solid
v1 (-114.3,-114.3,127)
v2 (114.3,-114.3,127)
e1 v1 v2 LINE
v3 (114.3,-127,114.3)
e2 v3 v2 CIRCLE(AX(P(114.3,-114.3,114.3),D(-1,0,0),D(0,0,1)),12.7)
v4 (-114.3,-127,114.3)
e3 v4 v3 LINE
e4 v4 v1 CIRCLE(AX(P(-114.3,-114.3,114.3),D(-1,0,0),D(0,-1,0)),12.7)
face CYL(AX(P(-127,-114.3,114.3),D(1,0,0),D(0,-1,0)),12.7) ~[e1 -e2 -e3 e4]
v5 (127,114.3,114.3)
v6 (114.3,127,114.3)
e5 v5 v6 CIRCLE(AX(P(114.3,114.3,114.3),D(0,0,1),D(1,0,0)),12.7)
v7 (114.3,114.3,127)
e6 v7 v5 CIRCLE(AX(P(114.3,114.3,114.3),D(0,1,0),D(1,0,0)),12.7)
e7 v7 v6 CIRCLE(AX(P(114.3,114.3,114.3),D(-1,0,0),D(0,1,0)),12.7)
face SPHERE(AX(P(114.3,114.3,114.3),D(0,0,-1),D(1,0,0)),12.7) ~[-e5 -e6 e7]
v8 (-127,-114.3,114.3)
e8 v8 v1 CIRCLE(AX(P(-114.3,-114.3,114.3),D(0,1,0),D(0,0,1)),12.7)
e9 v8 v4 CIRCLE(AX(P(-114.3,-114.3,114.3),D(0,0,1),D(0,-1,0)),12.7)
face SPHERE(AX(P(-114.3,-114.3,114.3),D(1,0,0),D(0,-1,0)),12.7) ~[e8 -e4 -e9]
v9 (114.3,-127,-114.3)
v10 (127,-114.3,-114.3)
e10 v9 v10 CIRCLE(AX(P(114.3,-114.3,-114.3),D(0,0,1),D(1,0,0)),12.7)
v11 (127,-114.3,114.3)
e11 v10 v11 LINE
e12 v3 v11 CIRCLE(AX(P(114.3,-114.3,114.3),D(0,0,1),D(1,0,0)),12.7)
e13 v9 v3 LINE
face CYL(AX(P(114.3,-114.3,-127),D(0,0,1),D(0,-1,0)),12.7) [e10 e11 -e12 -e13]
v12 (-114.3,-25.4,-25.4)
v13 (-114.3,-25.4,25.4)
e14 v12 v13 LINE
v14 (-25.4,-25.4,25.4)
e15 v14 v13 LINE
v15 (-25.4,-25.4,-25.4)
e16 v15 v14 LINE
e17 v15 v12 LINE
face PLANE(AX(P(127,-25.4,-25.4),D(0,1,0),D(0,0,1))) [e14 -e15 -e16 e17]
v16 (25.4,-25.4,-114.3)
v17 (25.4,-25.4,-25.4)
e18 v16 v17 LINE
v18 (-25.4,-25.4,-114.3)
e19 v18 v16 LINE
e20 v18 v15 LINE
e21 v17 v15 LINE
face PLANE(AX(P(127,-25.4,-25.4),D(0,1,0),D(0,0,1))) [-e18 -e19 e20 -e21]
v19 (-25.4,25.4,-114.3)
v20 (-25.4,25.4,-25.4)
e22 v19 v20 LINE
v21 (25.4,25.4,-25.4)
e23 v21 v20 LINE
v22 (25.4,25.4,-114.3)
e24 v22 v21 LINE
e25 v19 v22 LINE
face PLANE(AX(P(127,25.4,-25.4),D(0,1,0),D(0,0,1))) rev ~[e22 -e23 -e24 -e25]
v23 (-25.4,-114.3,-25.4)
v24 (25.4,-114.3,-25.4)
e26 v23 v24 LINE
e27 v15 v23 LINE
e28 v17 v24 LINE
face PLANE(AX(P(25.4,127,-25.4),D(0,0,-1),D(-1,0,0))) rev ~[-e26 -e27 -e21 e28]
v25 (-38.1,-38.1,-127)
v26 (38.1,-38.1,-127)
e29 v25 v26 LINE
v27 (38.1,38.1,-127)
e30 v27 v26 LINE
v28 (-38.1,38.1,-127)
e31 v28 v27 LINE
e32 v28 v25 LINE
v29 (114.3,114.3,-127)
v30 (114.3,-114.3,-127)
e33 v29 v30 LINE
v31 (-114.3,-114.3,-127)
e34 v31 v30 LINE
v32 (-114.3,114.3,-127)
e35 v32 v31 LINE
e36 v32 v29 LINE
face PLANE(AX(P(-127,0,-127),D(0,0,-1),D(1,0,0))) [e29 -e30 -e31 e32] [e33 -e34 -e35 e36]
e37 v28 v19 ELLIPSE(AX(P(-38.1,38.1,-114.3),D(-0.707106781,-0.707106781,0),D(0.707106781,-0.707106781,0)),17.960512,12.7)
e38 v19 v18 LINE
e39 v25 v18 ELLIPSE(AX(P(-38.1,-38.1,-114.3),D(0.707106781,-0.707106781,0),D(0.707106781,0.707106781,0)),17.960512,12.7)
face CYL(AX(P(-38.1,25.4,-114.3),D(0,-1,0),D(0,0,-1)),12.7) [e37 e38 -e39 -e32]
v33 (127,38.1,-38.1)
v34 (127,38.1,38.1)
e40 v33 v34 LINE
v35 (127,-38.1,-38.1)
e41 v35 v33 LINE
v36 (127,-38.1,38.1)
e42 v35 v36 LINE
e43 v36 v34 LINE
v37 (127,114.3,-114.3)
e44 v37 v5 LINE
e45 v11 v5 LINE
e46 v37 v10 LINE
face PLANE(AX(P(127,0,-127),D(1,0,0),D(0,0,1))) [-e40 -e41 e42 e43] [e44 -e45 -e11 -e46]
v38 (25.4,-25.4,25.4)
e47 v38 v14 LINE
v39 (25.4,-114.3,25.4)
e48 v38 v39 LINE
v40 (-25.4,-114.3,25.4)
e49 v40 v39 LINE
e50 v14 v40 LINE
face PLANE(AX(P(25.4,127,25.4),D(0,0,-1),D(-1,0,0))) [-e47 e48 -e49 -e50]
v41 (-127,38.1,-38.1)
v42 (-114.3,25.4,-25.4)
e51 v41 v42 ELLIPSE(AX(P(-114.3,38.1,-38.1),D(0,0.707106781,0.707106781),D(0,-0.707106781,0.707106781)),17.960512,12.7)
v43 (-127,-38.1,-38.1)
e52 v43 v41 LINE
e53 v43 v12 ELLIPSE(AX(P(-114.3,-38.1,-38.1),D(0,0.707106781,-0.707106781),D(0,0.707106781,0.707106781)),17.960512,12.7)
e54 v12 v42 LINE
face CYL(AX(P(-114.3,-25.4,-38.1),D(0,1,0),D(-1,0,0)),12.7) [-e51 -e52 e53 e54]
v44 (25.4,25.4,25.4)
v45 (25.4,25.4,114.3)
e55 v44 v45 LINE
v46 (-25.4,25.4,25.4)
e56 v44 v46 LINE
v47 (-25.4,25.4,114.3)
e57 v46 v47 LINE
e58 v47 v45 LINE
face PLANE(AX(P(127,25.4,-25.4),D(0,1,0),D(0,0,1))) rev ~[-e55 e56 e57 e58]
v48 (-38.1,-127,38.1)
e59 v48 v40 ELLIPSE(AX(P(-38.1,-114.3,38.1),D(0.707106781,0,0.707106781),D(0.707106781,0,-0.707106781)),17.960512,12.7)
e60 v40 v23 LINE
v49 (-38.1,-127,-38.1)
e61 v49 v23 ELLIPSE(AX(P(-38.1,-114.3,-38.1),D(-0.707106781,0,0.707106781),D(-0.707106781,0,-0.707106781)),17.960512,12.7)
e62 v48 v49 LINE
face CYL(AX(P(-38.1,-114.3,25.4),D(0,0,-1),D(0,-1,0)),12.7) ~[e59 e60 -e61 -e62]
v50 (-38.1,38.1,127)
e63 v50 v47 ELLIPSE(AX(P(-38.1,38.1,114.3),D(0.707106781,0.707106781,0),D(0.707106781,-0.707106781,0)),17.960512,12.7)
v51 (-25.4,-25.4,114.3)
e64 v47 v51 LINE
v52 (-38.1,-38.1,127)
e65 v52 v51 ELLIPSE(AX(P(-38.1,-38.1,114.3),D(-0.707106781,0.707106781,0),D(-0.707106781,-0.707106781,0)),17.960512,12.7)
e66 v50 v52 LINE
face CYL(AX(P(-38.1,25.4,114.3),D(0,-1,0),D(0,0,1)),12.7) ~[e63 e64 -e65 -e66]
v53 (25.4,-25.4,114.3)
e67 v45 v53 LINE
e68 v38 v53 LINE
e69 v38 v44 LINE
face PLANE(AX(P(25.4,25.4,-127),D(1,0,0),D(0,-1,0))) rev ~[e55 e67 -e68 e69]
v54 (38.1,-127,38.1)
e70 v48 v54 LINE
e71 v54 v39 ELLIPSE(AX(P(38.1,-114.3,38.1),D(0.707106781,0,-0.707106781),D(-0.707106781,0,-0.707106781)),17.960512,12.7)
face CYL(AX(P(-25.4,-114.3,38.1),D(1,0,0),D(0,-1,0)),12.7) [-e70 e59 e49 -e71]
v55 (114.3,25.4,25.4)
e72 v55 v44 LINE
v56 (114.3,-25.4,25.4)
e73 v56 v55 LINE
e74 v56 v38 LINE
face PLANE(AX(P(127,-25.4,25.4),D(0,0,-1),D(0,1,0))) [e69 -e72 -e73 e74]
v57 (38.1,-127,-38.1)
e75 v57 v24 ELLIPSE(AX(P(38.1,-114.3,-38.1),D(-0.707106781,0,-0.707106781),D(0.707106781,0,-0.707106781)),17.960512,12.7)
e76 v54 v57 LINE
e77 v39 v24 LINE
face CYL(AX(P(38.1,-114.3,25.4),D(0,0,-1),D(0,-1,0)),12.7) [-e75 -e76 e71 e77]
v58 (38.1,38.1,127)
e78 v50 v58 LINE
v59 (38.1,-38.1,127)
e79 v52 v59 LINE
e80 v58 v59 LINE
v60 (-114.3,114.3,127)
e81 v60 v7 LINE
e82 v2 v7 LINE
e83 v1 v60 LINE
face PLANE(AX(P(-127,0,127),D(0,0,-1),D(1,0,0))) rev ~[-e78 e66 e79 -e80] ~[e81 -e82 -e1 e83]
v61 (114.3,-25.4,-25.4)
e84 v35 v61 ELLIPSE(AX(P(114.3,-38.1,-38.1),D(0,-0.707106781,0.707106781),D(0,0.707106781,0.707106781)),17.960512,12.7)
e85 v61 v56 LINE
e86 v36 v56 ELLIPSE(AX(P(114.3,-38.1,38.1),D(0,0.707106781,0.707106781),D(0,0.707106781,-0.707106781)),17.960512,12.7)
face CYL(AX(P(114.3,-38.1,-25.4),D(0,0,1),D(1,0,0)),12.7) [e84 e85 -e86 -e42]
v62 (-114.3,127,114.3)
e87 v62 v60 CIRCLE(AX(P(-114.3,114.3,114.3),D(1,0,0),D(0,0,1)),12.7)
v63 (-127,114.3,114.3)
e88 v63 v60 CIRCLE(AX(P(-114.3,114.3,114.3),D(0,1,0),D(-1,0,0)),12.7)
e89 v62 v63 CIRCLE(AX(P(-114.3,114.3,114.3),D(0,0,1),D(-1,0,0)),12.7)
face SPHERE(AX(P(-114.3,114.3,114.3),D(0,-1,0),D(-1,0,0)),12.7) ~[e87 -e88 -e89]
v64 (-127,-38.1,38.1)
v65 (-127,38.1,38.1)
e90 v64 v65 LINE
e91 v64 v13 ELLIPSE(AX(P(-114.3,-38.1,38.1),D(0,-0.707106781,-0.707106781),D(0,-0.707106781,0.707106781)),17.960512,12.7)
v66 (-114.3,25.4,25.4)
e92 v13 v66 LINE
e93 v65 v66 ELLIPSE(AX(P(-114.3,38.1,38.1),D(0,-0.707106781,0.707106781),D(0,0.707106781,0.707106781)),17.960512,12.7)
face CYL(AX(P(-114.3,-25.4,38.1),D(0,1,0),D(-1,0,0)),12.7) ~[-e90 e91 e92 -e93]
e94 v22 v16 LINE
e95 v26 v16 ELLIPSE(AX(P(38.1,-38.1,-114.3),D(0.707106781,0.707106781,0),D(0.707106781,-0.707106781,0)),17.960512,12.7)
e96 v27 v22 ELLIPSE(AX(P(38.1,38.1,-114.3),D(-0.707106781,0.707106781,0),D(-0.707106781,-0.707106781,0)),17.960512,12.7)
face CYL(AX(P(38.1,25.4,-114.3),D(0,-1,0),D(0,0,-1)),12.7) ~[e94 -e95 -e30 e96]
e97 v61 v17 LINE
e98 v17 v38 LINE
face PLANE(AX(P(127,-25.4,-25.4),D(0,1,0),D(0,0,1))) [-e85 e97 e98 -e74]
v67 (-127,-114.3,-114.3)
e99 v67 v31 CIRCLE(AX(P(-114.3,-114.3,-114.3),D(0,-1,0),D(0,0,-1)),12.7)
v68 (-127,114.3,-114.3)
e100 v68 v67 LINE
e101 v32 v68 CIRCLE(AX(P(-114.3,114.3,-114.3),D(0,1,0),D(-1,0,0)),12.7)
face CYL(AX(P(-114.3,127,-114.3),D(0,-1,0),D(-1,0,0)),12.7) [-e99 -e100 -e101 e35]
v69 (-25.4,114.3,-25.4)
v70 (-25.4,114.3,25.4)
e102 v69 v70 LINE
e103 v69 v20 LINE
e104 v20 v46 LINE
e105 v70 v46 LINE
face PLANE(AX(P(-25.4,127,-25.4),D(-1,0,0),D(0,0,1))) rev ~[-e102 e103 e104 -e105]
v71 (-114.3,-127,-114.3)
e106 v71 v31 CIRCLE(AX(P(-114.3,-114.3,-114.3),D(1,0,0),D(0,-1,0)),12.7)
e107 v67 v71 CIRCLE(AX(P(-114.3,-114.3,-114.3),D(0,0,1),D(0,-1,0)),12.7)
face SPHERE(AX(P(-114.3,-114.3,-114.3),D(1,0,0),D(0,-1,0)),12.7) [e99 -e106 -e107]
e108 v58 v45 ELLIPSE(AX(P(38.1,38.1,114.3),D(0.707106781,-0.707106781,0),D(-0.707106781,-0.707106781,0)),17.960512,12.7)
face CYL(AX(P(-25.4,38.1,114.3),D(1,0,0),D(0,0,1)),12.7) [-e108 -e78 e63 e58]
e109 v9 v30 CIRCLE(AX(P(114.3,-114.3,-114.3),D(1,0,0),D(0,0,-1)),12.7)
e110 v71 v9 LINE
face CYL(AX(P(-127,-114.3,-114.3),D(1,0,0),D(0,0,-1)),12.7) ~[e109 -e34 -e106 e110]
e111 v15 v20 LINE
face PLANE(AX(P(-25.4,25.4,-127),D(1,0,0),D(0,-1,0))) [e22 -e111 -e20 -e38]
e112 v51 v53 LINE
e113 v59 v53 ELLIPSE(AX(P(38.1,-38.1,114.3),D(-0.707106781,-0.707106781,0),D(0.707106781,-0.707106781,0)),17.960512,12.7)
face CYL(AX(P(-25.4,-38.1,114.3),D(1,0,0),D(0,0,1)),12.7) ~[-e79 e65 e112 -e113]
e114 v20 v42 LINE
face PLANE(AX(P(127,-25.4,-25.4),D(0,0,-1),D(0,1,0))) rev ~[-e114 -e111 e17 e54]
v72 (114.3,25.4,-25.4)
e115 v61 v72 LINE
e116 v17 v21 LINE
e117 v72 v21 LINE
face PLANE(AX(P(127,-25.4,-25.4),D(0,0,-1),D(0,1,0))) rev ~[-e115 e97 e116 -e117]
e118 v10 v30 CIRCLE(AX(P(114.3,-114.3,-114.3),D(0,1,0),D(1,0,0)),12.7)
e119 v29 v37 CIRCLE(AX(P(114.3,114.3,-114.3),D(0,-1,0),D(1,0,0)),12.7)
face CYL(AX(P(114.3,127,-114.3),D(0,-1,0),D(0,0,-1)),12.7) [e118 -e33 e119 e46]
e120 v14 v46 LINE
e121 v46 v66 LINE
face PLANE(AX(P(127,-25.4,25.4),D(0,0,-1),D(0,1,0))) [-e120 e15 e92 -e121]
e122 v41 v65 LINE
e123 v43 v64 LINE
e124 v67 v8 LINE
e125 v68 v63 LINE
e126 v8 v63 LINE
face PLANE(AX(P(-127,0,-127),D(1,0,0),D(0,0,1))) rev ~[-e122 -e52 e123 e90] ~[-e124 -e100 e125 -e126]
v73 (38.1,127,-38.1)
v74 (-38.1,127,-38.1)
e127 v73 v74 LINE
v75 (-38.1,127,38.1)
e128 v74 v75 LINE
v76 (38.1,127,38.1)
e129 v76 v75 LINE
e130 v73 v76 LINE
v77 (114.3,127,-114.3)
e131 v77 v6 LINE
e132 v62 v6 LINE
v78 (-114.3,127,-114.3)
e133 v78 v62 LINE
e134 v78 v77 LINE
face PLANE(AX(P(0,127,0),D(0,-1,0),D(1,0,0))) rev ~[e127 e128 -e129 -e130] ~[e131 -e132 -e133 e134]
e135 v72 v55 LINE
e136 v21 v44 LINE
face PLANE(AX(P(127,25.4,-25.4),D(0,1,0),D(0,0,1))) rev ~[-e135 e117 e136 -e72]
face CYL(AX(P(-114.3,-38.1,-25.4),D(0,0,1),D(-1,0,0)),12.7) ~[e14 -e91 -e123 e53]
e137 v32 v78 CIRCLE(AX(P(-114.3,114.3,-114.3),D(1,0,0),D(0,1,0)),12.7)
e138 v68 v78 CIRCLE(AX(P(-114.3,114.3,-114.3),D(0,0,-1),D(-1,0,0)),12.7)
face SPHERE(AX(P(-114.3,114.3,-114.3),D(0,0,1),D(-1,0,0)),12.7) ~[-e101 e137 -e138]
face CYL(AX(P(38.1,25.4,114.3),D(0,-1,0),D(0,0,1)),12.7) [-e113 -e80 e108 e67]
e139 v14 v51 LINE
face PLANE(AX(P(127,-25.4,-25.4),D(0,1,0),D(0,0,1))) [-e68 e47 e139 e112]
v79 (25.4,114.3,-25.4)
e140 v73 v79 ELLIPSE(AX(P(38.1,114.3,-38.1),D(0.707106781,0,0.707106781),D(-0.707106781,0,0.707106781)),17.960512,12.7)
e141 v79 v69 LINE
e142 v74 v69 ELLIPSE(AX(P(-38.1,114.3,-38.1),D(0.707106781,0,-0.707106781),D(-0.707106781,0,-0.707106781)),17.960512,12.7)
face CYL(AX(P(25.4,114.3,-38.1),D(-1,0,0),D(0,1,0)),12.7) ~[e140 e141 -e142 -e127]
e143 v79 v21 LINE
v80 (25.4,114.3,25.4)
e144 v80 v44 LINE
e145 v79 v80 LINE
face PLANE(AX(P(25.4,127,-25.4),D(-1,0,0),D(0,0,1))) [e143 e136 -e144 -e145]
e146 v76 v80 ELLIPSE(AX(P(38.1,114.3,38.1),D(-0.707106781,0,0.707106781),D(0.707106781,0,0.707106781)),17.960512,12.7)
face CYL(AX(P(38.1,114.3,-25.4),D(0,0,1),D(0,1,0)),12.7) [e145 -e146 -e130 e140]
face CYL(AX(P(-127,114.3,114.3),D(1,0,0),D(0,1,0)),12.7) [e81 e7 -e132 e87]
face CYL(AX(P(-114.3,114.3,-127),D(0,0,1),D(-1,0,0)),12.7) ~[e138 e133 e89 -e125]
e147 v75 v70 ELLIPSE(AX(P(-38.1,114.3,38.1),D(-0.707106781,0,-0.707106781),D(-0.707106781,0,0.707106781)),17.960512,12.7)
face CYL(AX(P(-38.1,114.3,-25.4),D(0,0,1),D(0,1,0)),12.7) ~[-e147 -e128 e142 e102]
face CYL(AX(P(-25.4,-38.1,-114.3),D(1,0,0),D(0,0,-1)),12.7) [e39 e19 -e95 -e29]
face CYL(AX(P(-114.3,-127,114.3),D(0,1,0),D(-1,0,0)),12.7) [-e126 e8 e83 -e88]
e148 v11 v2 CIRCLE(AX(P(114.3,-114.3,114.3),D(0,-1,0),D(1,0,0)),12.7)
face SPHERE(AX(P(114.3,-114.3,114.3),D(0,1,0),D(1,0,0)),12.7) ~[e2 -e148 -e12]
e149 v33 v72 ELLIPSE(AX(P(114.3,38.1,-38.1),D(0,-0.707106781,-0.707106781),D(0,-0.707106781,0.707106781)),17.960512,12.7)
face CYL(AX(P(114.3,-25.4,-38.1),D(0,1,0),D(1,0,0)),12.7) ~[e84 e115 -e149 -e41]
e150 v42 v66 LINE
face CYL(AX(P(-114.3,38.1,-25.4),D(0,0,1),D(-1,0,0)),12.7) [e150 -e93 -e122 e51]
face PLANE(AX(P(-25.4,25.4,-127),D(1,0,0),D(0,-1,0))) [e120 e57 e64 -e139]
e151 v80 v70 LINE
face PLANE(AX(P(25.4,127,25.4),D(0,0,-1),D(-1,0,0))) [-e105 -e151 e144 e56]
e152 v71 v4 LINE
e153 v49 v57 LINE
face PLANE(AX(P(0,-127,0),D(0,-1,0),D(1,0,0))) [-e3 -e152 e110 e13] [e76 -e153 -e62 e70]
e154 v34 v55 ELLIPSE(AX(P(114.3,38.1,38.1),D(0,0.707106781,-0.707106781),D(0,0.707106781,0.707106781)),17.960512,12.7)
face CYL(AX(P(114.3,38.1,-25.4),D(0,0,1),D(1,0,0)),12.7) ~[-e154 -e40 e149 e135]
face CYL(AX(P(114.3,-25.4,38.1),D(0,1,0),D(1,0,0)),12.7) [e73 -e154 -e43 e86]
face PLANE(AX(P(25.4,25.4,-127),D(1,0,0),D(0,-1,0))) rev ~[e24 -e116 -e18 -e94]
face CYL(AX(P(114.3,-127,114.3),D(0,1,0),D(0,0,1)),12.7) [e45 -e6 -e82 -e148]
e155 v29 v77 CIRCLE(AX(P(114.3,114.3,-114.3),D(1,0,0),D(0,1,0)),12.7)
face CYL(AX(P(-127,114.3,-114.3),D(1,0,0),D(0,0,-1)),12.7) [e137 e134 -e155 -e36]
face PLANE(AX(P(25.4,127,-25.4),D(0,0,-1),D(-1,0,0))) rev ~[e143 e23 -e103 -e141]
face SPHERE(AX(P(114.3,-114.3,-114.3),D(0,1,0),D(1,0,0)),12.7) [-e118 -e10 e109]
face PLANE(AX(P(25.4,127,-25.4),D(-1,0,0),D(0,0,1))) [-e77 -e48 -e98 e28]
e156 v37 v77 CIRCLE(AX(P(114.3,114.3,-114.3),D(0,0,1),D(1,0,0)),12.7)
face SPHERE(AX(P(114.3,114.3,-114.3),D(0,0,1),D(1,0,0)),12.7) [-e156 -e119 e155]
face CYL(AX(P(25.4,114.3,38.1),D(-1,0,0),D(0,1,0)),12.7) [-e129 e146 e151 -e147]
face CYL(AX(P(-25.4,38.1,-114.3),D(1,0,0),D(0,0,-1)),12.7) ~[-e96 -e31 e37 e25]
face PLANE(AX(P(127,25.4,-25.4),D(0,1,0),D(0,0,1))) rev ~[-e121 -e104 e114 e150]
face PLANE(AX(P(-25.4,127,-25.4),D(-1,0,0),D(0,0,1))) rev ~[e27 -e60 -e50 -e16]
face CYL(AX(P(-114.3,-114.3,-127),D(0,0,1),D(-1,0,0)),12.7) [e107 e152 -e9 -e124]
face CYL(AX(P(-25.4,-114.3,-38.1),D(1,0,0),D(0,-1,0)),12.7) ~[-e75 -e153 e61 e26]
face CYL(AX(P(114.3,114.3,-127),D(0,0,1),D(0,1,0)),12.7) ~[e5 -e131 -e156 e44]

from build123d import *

# Parameters (mm, degrees)
F0_W     = 254
F0_H     = 254
F6_DEPTH = 127
F7_W     = 50.8
F7_H     = 50.8
F1_DEPTH = 254.001
F2_W     = 50.8
F2_H     = 50.8
F3_DEPTH = 254.001
F4_W     = 50.8
F4_H     = 50.8
F8_DEPTH = 254.001
F9_R     = 12.7


with BuildPart() as f6:
    # F0 (on Front) → F6 (new body, symmetric)
    with BuildSketch(Plane.XZ):
        Rectangle(F0_W, F0_H)
    extrude(amount=F6_DEPTH, both=True)

    # F7 (on face) → F1 (cut, through all)
    with BuildSketch(Plane(origin=(0, 0, -127), x_dir=(1, 0, 0), z_dir=(0, 0, -1))):
        Rectangle(F7_W, F7_H)
    extrude(amount=-F1_DEPTH, mode=Mode.SUBTRACT)

    # F2 (on face) → F3 (cut, through all)
    with BuildSketch(Plane.YZ.offset(127)):
        Rectangle(F2_W, F2_H)
    extrude(amount=-F3_DEPTH, mode=Mode.SUBTRACT)

    # F4 (on face) → F8 (cut, through all)
    with BuildSketch(Plane(origin=(0, 127, 0), x_dir=(-1, 0, 0), z_dir=(0, 1, 0))):
        Rectangle(F4_W, F4_H)
    extrude(amount=-F8_DEPTH, mode=Mode.SUBTRACT)

    # F9
    f9_edges = [f6.edges().sort_by_distance(p)[0] for p in [
        (127, 127, 0),
        (127, 0, -127),
        (127, 0, 127),
        (127, -127, 0),
        (127, 25.4, 0),
        (127, 0, 25.4),
        (127, -25.4, 0),
        (127, 0, -25.4),
        (0, -127, -127),
        (0, -127, 127),
        (-127, -127, 0),
        (-25.4, -127, 0),
        (0, -127, -25.4),
        (25.4, -127, 0),
        (0, -127, 25.4),
        (-127, 0, 127),
        (-127, 127, 0),
        (-127, 0, -127),
        (-127, 25.4, 0),
        (-127, 0, -25.4),
        (-127, -25.4, 0),
        (-127, 0, 25.4),
        (0, 127, -127),
        (0, 127, 127),
        (0, 127, -25.4),
        (25.4, 127, 0),
        (0, 127, 25.4),
        (-25.4, 127, 0),
        (25.4, 0, 127),
        (0, 25.4, 127),
        (-25.4, 0, 127),
        (0, -25.4, 127),
        (25.4, 0, -127),
        (0, -25.4, -127),
        (-25.4, 0, -127),
        (0, 25.4, -127),
    ]]
    fillet(f9_edges, radius=F9_R)


solid = f6.part
